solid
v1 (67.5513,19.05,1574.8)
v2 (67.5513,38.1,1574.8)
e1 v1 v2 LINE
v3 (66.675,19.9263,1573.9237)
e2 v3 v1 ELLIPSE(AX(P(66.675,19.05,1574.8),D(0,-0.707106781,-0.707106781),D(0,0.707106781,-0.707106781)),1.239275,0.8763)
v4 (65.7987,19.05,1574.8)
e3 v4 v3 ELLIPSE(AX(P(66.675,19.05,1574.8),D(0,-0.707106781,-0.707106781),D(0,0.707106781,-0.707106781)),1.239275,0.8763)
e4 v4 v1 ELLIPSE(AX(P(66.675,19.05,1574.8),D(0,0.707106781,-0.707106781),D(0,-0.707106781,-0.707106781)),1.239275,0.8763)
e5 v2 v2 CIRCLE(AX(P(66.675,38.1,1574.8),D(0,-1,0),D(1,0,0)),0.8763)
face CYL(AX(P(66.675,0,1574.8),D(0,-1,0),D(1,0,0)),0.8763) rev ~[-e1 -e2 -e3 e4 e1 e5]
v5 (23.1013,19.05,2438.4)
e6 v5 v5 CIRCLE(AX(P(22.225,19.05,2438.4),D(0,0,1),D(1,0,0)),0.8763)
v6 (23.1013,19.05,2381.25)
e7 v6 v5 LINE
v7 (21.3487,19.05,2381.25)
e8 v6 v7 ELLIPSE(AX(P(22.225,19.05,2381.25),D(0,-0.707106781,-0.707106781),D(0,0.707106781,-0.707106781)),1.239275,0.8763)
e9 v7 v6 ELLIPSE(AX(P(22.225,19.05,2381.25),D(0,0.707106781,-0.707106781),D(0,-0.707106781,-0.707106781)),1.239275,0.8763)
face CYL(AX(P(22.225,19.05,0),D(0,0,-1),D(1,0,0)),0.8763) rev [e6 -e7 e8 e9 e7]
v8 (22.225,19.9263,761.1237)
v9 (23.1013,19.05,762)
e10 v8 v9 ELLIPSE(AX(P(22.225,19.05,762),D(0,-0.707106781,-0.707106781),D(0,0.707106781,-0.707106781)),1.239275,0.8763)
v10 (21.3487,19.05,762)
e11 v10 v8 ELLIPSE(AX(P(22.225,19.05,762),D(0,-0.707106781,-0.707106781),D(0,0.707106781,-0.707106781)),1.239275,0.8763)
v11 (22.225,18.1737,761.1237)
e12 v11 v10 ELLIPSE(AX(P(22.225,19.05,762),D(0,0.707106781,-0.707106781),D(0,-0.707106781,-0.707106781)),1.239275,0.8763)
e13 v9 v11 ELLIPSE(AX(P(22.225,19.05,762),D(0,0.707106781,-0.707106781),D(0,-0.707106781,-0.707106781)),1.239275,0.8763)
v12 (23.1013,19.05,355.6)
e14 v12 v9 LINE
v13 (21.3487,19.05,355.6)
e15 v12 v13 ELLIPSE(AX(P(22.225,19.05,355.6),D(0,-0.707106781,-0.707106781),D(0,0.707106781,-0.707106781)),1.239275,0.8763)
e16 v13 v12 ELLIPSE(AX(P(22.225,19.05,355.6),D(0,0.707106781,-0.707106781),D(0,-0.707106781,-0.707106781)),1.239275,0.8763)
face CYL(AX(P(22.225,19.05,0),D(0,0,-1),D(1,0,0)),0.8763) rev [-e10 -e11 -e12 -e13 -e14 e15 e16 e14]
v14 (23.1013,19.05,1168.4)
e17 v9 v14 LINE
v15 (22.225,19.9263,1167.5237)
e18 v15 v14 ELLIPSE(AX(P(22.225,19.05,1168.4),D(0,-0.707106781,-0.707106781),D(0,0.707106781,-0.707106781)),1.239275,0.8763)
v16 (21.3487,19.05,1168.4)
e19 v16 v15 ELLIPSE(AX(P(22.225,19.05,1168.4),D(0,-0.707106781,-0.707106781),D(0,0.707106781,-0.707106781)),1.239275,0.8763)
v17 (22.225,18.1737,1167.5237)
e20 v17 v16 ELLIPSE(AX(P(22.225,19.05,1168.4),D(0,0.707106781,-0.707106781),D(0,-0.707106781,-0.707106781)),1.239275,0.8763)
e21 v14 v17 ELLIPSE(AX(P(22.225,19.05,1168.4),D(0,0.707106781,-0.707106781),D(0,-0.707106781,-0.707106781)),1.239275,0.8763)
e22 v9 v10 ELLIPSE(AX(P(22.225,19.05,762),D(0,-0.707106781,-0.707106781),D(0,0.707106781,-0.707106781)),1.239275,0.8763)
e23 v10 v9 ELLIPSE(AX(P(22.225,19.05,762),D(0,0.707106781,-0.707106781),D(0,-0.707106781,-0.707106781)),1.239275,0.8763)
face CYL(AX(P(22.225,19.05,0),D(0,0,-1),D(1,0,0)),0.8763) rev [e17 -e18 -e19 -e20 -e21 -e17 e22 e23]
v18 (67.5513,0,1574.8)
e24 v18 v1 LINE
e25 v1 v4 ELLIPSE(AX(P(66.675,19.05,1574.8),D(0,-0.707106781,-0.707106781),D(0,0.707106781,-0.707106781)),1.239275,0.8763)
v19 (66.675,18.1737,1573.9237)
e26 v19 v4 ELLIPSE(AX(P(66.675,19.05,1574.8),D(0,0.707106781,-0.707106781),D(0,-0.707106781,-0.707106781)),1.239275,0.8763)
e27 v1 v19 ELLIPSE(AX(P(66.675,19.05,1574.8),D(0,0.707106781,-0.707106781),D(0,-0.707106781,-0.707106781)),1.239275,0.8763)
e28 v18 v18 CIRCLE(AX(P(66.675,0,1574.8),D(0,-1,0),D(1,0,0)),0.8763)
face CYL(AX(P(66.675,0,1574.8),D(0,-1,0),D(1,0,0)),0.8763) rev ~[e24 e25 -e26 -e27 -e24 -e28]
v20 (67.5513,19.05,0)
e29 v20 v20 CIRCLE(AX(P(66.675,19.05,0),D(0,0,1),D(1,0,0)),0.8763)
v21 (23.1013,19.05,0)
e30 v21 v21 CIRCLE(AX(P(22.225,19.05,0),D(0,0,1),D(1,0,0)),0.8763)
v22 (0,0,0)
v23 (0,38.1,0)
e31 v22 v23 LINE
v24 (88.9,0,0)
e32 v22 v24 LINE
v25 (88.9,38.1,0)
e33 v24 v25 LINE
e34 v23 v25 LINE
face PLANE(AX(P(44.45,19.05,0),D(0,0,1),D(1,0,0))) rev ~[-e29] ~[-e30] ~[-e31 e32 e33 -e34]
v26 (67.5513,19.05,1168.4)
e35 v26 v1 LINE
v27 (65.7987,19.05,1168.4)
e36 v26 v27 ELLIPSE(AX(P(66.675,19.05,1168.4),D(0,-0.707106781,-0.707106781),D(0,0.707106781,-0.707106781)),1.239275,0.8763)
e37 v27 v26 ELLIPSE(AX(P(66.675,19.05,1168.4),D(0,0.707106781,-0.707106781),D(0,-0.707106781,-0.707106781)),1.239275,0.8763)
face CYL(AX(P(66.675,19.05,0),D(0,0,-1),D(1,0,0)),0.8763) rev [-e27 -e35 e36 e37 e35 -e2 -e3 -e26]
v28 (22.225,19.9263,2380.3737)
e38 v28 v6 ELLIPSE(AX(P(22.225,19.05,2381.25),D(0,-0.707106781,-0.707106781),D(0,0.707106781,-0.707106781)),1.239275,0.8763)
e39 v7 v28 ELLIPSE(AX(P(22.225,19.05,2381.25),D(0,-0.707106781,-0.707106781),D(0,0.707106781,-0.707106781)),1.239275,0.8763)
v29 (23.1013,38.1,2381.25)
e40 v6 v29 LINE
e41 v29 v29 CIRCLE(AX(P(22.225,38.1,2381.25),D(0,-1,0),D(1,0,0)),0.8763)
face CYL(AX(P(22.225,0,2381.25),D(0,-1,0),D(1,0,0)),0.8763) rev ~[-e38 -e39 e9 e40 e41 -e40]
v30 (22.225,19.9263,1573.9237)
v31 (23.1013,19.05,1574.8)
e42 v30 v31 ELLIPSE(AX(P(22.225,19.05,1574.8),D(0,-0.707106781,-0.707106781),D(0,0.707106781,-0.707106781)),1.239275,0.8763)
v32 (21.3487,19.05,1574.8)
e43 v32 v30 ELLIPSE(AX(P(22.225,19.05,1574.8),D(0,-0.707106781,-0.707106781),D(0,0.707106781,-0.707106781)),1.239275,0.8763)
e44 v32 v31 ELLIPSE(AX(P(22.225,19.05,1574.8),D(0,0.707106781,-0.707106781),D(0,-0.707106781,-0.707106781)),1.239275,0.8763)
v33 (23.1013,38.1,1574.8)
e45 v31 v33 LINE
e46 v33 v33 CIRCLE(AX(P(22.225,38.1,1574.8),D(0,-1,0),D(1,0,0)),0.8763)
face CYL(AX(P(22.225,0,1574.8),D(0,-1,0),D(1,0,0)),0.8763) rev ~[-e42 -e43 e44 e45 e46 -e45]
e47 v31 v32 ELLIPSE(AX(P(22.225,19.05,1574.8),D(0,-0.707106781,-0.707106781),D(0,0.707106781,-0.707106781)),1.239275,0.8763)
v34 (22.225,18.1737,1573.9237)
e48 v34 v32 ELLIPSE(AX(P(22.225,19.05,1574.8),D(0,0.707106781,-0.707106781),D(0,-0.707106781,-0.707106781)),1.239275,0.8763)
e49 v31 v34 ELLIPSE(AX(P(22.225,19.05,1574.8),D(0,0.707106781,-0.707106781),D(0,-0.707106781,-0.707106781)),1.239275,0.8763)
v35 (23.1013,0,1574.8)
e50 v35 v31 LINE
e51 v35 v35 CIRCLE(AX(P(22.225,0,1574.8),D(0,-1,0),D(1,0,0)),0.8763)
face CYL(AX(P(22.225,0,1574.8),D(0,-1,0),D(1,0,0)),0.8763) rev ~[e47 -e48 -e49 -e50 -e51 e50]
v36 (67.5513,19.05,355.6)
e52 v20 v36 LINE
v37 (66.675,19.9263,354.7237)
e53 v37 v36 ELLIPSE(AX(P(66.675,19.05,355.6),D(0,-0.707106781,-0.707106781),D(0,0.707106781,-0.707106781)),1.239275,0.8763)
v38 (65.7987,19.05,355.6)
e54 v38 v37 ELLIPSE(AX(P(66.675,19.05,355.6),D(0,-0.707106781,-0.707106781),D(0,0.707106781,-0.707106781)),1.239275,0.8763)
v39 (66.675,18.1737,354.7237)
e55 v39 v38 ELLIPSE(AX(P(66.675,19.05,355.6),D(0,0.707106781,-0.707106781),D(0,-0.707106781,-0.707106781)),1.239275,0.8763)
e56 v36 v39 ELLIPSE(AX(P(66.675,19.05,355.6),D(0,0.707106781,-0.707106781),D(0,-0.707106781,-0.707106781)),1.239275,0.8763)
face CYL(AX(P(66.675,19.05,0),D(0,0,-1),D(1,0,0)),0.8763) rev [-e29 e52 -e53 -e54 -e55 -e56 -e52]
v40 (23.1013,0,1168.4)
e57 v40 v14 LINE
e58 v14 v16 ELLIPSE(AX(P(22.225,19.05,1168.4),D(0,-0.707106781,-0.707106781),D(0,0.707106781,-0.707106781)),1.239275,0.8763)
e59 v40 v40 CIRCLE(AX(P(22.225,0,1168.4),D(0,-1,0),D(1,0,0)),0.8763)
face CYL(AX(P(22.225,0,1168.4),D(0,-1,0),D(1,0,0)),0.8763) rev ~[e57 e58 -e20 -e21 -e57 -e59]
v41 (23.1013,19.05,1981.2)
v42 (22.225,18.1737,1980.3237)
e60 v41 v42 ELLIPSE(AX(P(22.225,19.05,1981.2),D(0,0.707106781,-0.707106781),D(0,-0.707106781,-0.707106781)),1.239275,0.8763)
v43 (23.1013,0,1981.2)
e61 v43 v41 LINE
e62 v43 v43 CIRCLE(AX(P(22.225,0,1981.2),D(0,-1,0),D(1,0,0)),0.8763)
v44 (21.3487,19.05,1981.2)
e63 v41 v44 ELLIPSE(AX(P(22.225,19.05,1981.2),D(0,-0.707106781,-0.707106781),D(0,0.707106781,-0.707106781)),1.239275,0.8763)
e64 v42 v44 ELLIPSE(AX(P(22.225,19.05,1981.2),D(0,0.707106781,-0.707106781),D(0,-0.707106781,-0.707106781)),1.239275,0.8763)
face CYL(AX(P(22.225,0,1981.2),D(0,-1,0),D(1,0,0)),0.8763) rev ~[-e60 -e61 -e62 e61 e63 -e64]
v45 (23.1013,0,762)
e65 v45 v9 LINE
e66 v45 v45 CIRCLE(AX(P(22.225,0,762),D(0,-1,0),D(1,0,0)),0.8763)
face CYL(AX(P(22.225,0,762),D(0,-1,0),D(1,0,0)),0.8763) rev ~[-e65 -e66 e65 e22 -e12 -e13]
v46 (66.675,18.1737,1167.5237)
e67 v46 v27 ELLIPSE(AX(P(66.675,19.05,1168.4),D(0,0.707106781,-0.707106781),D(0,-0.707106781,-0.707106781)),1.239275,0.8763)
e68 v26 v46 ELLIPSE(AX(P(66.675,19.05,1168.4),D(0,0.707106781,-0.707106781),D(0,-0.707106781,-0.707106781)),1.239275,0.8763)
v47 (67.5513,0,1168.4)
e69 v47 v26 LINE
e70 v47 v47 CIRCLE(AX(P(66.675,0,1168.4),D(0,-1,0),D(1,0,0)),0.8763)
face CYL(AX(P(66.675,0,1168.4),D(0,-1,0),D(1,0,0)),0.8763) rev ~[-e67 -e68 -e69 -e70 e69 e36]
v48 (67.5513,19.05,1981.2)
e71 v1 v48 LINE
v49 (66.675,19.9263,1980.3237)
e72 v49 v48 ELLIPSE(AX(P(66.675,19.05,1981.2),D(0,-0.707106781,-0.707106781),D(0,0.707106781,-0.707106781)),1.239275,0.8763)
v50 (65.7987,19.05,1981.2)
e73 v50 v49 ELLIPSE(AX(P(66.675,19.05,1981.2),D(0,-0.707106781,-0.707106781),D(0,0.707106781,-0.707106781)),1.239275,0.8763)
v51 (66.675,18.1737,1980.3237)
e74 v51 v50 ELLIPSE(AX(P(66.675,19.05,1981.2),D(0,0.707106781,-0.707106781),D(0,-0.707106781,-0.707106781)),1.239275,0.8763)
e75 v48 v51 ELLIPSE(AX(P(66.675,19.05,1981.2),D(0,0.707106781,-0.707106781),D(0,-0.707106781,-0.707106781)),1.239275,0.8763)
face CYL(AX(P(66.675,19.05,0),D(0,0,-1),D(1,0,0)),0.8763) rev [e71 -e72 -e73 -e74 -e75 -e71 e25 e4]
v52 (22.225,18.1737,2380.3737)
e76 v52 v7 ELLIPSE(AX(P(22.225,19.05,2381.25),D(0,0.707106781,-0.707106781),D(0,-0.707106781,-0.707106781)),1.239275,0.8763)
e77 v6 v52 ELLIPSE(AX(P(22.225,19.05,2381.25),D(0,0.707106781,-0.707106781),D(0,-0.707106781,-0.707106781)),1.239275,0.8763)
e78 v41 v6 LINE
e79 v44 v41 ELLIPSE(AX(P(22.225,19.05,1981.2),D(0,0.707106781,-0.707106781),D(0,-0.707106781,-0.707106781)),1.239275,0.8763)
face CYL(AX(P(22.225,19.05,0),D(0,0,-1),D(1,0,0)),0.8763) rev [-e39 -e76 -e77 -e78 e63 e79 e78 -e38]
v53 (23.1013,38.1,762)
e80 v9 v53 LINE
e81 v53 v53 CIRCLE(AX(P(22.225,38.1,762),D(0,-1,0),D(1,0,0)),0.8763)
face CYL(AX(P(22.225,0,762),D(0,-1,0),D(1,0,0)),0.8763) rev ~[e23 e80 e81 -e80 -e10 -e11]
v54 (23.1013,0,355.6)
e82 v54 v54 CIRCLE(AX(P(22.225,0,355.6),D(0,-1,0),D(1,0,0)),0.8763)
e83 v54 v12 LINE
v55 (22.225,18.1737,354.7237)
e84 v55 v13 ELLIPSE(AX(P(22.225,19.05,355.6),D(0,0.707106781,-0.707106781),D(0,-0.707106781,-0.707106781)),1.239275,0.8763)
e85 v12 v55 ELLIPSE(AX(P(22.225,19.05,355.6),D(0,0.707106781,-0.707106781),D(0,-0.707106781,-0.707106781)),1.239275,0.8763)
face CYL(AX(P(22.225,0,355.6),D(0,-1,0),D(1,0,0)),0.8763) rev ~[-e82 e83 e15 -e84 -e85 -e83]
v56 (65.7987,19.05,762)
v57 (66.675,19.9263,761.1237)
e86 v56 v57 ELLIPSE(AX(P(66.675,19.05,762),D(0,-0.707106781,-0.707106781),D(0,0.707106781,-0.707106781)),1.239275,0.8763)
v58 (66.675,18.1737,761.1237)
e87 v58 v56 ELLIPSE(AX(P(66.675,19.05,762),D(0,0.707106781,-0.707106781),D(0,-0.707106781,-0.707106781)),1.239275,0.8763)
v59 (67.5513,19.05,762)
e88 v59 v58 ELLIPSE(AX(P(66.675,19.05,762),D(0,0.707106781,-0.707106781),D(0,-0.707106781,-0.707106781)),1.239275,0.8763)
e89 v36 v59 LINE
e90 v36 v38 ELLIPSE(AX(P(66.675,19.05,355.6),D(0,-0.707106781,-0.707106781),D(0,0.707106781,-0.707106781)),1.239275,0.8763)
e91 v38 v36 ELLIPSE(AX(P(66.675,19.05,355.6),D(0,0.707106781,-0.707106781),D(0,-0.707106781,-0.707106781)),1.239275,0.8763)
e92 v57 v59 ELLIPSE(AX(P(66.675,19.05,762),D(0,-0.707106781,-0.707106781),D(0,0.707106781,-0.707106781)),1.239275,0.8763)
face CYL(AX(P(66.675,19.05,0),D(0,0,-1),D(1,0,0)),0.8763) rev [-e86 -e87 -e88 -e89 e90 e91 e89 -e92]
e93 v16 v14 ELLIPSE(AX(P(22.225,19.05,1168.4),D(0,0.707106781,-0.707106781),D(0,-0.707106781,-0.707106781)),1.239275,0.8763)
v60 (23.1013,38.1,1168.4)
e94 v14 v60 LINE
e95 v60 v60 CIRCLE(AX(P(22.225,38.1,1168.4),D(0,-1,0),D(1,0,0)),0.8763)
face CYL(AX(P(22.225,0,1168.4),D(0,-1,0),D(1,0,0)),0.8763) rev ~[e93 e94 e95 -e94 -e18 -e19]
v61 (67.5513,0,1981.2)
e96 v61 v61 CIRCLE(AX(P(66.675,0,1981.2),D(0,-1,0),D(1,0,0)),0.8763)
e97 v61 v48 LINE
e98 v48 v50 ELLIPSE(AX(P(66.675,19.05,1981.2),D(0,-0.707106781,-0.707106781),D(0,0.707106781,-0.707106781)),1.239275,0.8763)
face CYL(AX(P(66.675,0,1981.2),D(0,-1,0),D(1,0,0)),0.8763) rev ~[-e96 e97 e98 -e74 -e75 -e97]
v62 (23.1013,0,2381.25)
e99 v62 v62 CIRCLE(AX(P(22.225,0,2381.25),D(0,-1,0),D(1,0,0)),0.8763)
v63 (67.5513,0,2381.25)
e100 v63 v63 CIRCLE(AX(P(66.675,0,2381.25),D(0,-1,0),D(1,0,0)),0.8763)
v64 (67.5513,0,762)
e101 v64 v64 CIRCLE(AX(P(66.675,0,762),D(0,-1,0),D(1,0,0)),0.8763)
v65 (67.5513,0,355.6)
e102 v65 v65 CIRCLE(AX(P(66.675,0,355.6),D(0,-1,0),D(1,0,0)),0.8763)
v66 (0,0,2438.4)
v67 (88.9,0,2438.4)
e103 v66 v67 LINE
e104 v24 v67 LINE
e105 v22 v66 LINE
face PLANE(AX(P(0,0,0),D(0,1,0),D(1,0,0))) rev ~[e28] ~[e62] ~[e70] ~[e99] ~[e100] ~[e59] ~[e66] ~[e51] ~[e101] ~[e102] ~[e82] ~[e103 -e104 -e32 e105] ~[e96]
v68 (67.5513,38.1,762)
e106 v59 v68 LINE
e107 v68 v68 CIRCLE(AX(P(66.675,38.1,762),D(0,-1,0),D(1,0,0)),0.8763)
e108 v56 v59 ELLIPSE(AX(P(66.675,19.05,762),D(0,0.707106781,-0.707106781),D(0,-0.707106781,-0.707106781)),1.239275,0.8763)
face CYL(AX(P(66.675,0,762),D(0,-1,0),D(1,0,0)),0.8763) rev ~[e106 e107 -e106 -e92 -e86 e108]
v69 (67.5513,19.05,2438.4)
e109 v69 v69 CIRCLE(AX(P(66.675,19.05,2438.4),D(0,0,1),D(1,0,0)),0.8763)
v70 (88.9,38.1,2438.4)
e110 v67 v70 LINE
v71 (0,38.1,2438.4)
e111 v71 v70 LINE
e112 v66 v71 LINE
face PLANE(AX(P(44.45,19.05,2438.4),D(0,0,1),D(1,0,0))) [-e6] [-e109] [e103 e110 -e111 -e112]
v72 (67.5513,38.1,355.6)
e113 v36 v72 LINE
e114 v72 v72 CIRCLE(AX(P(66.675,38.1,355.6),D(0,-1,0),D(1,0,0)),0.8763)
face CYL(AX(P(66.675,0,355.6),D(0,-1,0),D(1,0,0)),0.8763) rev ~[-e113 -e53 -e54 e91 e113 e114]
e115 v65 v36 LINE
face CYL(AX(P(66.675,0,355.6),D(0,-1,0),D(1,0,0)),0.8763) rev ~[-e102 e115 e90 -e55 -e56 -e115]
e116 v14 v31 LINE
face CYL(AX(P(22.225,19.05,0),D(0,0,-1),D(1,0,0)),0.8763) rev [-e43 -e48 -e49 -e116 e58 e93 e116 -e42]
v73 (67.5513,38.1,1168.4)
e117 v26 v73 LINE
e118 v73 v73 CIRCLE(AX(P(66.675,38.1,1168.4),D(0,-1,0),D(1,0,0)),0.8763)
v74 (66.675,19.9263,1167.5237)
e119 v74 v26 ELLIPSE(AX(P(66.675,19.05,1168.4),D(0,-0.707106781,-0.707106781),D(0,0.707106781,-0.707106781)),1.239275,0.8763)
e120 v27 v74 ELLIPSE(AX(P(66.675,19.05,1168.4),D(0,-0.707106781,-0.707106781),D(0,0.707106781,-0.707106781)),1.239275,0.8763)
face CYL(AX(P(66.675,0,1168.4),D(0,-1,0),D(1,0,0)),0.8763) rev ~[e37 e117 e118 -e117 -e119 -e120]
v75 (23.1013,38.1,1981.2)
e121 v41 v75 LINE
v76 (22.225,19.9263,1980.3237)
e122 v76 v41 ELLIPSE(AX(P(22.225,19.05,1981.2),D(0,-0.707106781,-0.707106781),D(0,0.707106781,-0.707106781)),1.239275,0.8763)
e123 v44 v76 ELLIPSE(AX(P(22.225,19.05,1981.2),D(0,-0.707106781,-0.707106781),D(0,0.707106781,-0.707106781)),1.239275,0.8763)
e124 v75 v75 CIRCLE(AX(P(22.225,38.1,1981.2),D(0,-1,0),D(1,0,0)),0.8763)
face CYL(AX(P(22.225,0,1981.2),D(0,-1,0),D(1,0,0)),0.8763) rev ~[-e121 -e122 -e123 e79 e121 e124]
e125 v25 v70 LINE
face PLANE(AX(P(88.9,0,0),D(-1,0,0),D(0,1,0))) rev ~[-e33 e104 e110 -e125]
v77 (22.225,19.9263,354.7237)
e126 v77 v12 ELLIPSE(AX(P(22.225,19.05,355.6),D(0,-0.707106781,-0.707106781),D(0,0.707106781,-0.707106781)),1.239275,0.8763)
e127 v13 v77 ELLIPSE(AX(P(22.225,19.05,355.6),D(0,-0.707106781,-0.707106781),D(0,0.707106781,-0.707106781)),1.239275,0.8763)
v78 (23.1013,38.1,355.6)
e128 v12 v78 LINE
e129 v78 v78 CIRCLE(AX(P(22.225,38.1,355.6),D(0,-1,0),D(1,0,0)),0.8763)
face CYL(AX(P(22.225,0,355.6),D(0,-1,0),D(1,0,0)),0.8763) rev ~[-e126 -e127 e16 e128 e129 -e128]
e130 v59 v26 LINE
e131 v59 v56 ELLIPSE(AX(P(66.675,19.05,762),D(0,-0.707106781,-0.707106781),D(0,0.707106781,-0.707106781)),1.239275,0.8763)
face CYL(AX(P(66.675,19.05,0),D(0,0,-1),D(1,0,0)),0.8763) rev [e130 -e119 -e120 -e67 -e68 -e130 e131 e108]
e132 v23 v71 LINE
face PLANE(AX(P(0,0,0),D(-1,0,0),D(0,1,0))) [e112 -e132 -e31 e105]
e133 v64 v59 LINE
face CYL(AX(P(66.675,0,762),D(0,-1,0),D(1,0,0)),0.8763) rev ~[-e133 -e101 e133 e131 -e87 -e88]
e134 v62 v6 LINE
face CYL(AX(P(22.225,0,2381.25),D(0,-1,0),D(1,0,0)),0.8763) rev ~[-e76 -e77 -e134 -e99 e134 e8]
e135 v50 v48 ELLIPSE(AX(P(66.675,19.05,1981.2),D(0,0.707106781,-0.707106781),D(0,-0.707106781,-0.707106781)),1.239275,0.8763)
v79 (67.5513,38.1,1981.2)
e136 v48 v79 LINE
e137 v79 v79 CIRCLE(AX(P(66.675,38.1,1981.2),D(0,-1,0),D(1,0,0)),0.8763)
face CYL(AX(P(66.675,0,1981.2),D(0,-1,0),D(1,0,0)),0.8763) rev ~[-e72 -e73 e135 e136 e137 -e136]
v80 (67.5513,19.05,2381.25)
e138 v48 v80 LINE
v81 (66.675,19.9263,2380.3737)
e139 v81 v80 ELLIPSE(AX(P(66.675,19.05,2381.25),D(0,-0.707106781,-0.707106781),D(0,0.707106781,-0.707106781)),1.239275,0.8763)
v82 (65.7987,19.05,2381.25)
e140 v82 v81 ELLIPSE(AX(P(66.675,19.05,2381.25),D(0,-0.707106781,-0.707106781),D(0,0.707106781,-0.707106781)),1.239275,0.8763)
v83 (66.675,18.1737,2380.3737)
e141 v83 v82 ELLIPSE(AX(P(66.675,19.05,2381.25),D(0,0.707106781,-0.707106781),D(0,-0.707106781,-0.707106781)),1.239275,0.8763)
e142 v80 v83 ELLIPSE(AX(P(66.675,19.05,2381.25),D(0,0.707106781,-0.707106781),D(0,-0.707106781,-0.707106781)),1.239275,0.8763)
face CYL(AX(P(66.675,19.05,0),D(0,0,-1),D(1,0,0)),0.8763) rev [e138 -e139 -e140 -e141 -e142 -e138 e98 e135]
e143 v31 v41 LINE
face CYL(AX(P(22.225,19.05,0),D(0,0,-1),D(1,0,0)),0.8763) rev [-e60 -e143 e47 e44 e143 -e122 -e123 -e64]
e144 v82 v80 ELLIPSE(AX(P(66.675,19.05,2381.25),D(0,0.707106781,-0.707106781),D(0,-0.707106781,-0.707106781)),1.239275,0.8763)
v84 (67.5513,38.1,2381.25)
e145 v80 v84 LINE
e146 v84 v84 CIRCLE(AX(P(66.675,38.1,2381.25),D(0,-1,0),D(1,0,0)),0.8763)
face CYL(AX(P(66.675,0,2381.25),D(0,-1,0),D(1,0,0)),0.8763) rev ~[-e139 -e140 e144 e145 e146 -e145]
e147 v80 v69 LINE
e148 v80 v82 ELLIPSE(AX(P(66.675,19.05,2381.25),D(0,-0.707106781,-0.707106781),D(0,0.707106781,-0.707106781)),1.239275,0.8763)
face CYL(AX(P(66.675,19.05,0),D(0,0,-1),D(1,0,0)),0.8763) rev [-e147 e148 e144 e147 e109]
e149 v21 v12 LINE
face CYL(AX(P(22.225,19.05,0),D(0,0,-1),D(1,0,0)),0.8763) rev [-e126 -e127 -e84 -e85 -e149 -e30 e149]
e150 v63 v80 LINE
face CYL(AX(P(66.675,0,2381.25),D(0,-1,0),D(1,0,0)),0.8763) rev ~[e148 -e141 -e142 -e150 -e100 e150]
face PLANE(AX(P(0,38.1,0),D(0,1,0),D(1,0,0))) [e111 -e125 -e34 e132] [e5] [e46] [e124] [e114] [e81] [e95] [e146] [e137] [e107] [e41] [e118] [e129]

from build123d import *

# Parameters (mm, degrees)
SKETCH1_W           = 88.9
SKETCH1_H           = 38.1
SKETCH1_R           = 0.8763
BOSS_EXTRUDE1_DEPTH = 2438.4
SKETCH3_R           = 0.8763
CUT_EXTRUDE1_DEPTH  = 38.1
LPATTERN1_COUNT     = 5
LPATTERN1_PITCH     = 406.4
SKETCH4_R           = 0.8763
CUT_EXTRUDE2_DEPTH  = 38.1


with BuildPart() as part:
    # Sketch1 → Boss-Extrude1 (new body)
    with BuildSketch(Plane.XY):
        with Locations((44.45, 19.05)):
            Rectangle(SKETCH1_W, SKETCH1_H)
        with Locations((22.225, 19.05)):
            Circle(SKETCH1_R, mode=Mode.SUBTRACT)
        with Locations((66.675, 19.05)):
            Circle(SKETCH1_R, mode=Mode.SUBTRACT)
    extrude(amount=BOSS_EXTRUDE1_DEPTH)

    # Sketch3 → Cut-Extrude1 (cut)
    with BuildSketch(Plane.XZ):
        with Locations((22.225, 355.6)):
            Circle(SKETCH3_R)
        with Locations((66.675, 355.6)):
            Circle(SKETCH3_R)
    cut_extrude1 = extrude(amount=-CUT_EXTRUDE1_DEPTH, mode=Mode.SUBTRACT)

    # LPattern1: Cut-Extrude1 ×5
    with Locations(*[(0, 0, i * LPATTERN1_PITCH) for i in range(1, LPATTERN1_COUNT)]):
        add(cut_extrude1, mode=Mode.SUBTRACT)

    # Sketch4 → Cut-Extrude2 (cut)
    with BuildSketch(Plane.XZ):
        with Locations((22.225, 2381.25)):
            Circle(SKETCH4_R)
        with Locations((66.675, 2381.25)):
            Circle(SKETCH4_R)
    extrude(amount=-CUT_EXTRUDE2_DEPTH, mode=Mode.SUBTRACT)


solid = part.part
